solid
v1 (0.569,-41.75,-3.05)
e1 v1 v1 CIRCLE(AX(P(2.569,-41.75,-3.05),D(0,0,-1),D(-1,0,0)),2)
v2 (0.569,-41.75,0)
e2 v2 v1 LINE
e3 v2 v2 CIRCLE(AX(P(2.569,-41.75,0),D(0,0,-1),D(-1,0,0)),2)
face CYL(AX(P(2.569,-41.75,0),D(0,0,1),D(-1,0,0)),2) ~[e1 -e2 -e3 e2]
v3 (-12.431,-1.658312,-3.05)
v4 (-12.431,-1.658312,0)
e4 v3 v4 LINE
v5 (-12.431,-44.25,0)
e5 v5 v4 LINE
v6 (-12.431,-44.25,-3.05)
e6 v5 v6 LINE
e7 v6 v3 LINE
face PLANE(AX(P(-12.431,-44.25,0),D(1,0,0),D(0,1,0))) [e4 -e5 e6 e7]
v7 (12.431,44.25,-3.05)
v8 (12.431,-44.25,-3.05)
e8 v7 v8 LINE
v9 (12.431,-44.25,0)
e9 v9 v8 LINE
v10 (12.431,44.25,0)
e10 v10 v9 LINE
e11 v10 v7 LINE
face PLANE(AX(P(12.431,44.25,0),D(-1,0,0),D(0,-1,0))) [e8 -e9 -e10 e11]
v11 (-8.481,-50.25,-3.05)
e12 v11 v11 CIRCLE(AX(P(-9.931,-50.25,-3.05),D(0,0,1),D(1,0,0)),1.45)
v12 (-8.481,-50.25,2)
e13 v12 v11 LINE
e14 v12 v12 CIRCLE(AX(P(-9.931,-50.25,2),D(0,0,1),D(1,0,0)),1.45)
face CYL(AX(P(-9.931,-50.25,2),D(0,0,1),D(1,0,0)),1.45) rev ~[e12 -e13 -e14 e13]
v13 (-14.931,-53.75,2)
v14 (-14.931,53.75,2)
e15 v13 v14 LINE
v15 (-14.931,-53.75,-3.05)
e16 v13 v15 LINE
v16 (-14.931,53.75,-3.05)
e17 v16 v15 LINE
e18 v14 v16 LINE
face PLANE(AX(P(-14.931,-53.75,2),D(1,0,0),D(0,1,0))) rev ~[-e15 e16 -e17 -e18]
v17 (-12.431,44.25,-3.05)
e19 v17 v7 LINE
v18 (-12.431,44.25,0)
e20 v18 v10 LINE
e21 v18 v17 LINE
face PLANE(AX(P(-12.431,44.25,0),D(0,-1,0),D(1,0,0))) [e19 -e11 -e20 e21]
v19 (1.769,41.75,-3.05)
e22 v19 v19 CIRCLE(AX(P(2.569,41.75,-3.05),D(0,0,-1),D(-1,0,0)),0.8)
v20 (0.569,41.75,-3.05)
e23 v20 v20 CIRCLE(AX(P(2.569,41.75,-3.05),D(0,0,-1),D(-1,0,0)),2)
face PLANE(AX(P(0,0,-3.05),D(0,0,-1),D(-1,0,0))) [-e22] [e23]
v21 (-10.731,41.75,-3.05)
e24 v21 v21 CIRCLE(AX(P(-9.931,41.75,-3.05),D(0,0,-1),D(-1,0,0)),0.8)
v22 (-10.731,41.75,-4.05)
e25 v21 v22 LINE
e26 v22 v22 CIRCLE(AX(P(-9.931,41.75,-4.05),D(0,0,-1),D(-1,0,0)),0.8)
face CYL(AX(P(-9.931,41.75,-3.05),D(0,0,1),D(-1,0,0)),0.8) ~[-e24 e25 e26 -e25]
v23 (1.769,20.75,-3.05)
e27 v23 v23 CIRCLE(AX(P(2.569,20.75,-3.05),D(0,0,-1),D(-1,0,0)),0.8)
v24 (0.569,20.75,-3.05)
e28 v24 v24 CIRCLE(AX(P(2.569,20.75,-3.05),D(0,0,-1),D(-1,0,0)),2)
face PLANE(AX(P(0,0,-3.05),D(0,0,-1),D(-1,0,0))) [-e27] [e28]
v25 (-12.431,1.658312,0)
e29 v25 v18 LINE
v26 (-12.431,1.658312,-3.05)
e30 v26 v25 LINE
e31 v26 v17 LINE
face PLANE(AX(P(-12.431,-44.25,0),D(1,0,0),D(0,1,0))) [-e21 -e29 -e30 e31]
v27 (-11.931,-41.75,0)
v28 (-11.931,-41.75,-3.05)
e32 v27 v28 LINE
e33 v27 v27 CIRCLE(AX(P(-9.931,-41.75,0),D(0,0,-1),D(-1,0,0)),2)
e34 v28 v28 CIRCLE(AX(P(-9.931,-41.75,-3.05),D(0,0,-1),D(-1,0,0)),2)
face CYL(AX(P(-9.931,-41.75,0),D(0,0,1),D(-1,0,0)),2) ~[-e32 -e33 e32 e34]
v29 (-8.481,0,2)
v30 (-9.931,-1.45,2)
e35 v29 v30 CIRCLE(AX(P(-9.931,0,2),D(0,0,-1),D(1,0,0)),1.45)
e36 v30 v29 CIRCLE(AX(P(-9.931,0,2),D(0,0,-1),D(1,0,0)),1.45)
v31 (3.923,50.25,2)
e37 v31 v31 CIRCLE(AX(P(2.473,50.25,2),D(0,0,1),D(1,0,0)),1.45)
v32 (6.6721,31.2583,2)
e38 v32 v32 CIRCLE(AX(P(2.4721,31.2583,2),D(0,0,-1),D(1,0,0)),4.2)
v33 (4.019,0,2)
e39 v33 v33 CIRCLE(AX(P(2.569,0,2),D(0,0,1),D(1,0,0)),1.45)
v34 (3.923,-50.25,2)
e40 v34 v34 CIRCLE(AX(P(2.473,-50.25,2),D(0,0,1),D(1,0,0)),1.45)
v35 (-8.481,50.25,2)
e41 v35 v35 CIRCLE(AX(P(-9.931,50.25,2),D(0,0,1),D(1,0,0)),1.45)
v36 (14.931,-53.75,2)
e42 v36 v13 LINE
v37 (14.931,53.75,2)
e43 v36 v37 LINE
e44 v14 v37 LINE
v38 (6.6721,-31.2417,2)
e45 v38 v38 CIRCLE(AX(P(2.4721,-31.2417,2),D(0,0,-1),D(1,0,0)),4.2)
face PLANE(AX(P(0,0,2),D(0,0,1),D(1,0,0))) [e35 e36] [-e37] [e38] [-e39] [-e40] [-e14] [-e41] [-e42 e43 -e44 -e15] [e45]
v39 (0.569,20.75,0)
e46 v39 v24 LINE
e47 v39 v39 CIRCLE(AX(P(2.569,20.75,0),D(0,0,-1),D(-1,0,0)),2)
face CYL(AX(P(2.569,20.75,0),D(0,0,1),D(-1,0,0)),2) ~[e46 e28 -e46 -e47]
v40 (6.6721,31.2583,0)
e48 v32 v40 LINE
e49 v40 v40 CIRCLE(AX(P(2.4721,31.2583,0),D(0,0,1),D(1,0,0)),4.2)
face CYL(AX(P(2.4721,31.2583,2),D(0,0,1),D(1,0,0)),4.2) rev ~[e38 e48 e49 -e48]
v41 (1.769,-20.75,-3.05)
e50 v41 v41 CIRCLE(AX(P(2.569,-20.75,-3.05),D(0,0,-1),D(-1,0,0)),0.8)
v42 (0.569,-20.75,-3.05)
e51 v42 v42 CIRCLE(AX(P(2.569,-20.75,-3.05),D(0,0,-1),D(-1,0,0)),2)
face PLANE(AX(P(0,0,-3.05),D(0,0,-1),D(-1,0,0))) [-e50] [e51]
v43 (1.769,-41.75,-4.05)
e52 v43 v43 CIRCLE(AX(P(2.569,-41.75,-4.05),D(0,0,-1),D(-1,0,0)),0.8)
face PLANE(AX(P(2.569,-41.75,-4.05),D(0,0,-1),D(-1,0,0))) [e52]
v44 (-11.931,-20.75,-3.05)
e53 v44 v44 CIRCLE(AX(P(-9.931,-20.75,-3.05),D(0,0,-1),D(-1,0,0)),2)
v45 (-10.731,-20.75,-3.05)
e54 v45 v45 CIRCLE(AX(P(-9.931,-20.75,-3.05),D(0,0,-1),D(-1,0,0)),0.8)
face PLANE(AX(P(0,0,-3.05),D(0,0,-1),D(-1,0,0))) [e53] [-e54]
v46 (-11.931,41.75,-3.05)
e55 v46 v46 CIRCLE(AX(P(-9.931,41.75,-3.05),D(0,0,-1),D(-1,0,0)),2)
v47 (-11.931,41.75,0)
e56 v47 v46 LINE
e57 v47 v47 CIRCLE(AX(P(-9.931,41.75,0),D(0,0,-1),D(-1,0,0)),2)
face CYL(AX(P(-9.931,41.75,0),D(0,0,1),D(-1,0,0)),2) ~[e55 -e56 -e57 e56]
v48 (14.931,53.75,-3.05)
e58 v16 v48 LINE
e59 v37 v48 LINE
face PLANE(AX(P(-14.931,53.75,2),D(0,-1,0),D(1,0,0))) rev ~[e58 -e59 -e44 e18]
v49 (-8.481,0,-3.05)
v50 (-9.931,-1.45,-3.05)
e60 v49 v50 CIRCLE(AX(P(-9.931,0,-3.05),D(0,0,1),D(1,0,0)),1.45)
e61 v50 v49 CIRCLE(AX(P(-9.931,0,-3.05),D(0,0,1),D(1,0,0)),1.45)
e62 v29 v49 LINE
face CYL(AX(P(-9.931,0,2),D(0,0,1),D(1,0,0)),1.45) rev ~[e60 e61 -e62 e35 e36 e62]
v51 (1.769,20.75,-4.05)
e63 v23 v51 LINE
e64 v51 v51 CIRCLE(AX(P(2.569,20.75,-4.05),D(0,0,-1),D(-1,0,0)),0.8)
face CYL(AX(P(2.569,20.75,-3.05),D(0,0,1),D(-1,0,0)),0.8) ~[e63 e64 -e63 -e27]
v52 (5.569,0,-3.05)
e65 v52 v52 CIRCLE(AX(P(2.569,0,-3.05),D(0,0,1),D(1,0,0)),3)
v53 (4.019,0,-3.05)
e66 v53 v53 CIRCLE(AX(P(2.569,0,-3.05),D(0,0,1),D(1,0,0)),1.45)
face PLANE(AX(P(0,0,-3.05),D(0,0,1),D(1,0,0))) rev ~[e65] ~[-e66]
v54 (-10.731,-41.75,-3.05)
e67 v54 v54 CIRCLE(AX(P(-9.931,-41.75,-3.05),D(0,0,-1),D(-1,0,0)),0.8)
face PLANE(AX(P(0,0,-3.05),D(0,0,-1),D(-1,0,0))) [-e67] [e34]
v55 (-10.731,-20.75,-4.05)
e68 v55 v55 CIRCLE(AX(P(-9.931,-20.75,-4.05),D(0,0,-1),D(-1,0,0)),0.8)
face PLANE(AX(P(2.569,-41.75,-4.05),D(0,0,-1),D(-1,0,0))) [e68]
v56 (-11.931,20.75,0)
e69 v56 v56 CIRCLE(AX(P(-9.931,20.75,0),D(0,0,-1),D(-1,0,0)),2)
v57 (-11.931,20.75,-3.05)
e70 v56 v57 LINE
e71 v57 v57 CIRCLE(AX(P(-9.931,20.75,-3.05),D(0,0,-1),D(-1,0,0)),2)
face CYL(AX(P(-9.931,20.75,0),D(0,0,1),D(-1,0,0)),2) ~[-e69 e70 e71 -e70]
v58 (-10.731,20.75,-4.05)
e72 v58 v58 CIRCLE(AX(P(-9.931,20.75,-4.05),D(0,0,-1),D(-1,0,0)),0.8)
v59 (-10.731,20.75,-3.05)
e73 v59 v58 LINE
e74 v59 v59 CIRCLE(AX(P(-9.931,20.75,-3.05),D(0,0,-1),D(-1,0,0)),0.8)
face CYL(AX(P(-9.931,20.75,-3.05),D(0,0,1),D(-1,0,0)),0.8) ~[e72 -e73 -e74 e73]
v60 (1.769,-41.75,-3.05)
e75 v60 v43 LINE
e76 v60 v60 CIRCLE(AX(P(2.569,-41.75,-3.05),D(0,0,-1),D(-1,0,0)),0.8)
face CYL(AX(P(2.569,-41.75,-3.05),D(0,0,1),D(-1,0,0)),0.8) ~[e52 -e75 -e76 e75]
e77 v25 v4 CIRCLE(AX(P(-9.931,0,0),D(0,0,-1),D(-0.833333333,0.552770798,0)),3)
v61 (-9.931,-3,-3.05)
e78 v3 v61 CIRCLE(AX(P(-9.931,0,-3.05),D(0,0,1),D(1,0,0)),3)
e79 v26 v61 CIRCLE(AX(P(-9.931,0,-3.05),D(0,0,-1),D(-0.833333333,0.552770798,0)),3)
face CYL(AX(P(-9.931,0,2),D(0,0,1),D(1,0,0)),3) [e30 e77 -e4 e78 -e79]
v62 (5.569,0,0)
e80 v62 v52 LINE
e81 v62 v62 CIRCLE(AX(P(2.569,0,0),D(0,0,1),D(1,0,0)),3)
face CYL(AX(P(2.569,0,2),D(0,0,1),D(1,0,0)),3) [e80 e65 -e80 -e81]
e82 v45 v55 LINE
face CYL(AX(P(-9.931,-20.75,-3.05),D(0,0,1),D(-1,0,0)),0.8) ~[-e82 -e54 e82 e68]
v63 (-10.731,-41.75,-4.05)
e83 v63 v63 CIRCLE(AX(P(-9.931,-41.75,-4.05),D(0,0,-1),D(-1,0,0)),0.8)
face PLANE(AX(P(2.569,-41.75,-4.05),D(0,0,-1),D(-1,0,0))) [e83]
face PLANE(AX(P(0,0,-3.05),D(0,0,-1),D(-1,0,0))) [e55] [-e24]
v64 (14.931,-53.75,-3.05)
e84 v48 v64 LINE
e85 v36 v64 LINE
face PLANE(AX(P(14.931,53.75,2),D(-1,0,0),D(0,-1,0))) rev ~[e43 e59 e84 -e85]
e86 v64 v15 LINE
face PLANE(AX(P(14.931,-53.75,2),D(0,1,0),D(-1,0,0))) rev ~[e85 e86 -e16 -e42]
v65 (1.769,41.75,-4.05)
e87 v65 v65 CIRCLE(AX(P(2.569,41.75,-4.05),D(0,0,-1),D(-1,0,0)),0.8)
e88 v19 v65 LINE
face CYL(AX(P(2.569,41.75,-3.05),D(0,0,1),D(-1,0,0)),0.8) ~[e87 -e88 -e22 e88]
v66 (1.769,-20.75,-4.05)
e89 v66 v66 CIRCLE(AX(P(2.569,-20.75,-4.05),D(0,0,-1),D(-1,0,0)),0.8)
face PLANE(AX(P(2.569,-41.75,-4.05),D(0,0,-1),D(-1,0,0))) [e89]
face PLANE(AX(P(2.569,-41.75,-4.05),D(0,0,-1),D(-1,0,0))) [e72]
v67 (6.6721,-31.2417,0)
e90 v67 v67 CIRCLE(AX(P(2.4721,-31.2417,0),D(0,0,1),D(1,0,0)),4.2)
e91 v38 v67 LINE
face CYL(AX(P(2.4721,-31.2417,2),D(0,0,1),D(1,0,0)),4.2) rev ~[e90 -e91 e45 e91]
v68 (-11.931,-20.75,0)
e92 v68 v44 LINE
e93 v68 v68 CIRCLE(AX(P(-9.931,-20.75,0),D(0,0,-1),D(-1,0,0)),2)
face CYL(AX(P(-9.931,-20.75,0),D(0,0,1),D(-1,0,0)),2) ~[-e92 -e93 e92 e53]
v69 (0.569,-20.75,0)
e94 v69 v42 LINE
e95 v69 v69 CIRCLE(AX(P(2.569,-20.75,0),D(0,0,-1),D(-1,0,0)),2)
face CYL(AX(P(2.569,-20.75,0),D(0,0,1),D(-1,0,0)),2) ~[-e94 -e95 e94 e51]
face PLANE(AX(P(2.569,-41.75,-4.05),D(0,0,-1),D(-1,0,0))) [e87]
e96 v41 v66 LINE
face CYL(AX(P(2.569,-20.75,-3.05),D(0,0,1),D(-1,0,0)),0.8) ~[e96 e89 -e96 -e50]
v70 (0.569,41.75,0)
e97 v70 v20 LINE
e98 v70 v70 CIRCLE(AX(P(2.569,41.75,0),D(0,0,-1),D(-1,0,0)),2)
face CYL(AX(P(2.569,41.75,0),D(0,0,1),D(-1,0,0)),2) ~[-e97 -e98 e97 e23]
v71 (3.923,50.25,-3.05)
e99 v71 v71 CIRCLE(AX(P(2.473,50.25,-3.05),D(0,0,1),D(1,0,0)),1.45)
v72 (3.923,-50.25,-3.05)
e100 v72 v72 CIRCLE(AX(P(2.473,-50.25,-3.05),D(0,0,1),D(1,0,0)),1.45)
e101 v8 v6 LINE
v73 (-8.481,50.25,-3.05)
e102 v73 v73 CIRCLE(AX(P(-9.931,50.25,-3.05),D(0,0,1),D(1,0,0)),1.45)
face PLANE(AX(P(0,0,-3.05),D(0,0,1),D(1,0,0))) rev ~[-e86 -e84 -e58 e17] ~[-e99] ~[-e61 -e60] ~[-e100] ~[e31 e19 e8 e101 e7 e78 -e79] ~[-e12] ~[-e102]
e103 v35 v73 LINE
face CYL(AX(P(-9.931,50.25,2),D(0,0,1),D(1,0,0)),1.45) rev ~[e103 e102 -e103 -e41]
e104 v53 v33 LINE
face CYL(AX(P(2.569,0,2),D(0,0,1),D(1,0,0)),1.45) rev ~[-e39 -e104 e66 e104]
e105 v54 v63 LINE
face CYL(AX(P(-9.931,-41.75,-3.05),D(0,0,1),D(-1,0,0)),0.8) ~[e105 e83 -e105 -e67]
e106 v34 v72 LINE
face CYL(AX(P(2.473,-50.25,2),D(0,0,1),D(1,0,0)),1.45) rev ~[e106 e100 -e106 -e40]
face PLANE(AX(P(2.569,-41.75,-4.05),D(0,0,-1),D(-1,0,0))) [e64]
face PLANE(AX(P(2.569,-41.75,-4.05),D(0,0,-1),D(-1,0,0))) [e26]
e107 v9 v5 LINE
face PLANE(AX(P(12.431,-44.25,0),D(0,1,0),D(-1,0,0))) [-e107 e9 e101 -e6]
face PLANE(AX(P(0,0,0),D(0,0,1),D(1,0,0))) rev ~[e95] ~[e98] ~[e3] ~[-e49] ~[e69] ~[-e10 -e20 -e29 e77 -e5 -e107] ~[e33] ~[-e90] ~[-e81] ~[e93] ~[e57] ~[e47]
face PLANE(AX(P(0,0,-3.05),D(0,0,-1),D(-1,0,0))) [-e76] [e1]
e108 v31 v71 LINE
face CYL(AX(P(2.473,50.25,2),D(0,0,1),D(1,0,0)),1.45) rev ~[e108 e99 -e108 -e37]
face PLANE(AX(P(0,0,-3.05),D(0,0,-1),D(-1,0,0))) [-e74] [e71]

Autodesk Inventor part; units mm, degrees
ref_plane "YZ Plane" through (0, 0, 0) normal (1, 0, 0) x (0, 1, 0)
ref_plane "XZ Plane" through (0, 0, 0) normal (0, 1, 0) x (-1, 0, 0)
ref_plane "Work Plane1" through (0, 0, 0) normal (0, 0, 1) x (1, 0, 0)
sketch "Sketch1" plane through (0, 0, 0) normal (0, 0, 1) x (1, 0, 0)
  line L0 (-12.431, 44.25) -> (12.431, 44.25) projected
  line L1 (12.431, 44.25) -> (12.431, -44.25) projected
  line L2 (12.431, -44.25) -> (-12.431, -44.25) projected
  line L3 (-12.431, -44.25) -> (-12.431, 44.25) projected
  line L4 (-14.931, 46.75) -> (-14.931, -46.75) projected
  line L5 (-14.931, -46.75) -> (14.931, -46.75) projected
  line L6 (14.931, -46.75) -> (14.931, 46.75) projected
  line L7 (14.931, 46.75) -> (-14.931, 46.75) projected
  circle A0 centre (-9.931, -20.75) radius 1.1 projected
  circle A1 centre (-9.931, -41.75) radius 1.1 projected
  circle A2 centre (2.569, -41.75) radius 1.1 projected
  circle A3 centre (2.569, -20.75) radius 1.1 projected
  circle A4 centre (-9.931, 20.75) radius 1.1 projected
  circle A5 centre (2.569, 20.75) radius 1.1 projected
  circle A6 centre (-9.931, 41.75) radius 1.1 projected
  circle A7 centre (2.569, 41.75) radius 1.1 projected
  line L8 (6.4721, 35.2583) -> (-1.5279, 35.2583) projected
  line L9 (-1.5279, 35.2583) -> (-1.5279, 27.2583) projected
  line L10 (-1.5279, 27.2583) -> (6.4721, 27.2583) projected
  line L11 (6.4721, 27.2583) -> (6.4721, 35.2583) projected
  circle A8 centre (2.4721, 31.2583) radius 3.8 projected
  line L12 (6.4721, -27.2417) -> (-1.5279, -27.2417) projected
  line L13 (-1.5279, -27.2417) -> (-1.5279, -35.2417) projected
  line L14 (-1.5279, -35.2417) -> (6.4721, -35.2417) projected
  line L15 (6.4721, -35.2417) -> (6.4721, -27.2417) projected
  circle A9 centre (2.4721, -31.2417) radius 3.8 projected
  point P0 (0, 0)
extrude "Extrusion1" add sketch "Sketch1" along normal blind 2 contours L0 L1 L2 L3 | L7 L6 L5 L4
sketch "Sketch2" plane through (0, 0, 2) normal (0, 0, 1) x (1, 0, 0)
  line L0 (-1.5279, 27.2583) -> (6.4721, 27.2583) projected
  line L1 (-1.5279, 35.2583) -> (-1.5279, 27.2583) projected
  line L2 (6.4721, 35.2583) -> (-1.5279, 35.2583) projected
  line L3 (6.4721, 27.2583) -> (6.4721, 35.2583) projected
  line L4 (-1.5279, -27.2417) -> (-1.5279, -35.2417) projected
  line L5 (-1.5279, -35.2417) -> (6.4721, -35.2417) projected
  line L6 (6.4721, -27.2417) -> (-1.5279, -27.2417) projected
  line L7 (6.4721, -35.2417) -> (6.4721, -27.2417) projected
  line L8 (6.4721, -35.2417) -> (-1.5279, -35.2417) projected
  line L9 (-1.5279, -35.2417) -> (-1.5279, -35.4417)
  line L10 (-1.5279, -35.4417) -> (6.4721, -35.4417)
  line L11 (6.4721, -35.4417) -> (6.6721, -35.4417)
  line L12 (6.6721, -35.4417) -> (6.6721, -27.2417)
  line L13 (6.6721, -27.2417) -> (6.6721, -27.0417)
  line L14 (6.6721, -27.0417) -> (-1.5279, -27.0417)
  line L15 (-1.5279, -27.0417) -> (-1.7279, -27.0417)
  line L16 (-1.7279, -27.0417) -> (-1.7279, -35.4417)
  line L17 (-1.7279, -35.4417) -> (-1.5279, -35.4417)
  line L18 (6.4721, 35.2583) -> (6.4721, 27.2583) projected
  line L19 (6.4721, 27.2583) -> (6.6721, 27.2583)
  line L20 (6.6721, 27.2583) -> (6.6721, 35.2583)
  line L21 (6.6721, 35.2583) -> (6.6721, 35.4583)
  line L22 (6.6721, 35.4583) -> (-1.5279, 35.4583)
  line L23 (-1.5279, 35.4583) -> (-1.7279, 35.4583)
  line L24 (-1.7279, 35.4583) -> (-1.7279, 27.2583)
  line L25 (-1.7279, 27.2583) -> (-1.7279, 27.0583)
  line L26 (-1.7279, 27.0583) -> (6.6721, 27.0583)
  line L27 (6.6721, 27.0583) -> (6.6721, 27.2583)
  point P0 (0, 0)
  dimension "d2" = 0.2
  dimension "d3" = 0.2
  dimension "d4" = 0.2
  dimension "d5" = 0.2
  dimension "d6" = 0.2
  dimension "d7" = 0.2
  dimension "d8" = 0.2
  dimension "d9" = 0.2
extrude "Extrusion2" cut sketch "Sketch2" against normal through all
sketch "Sketch3" plane through (0, 0, 0) normal (0, 0, -1) x (-1, 0, 0)
  line L0 (12.431, 44.25) -> (-12.431, 44.25) projected
  line L1 (-12.431, 44.25) -> (-12.431, -44.25) projected
  line L2 (-12.431, -44.25) -> (12.431, -44.25) projected
  line L3 (12.431, -44.25) -> (12.431, 44.25) projected
  line L4 (14.931, 46.75) -> (14.931, -46.75) projected
  line L5 (14.931, -46.75) -> (-14.931, -46.75) projected
  line L6 (-14.931, -46.75) -> (-14.931, 46.75) projected
  line L7 (-14.931, 46.75) -> (14.931, 46.75) projected
  point P0 (0, 0)
extrude "Extrusion3" add sketch "Sketch3" along normal blind 3.05
sketch "Sketch4" plane through (0, 0, 2) normal (0, 0, 1) x (1, 0, 0)
  line L0 (6.6721, -35.4417) -> (-1.7279, -35.4417) projected
  line L1 (-1.7279, -35.4417) -> (-1.7279, -27.0417) projected
  line L2 (-1.7279, -27.0417) -> (6.6721, -27.0417) projected
  line L3 (6.6721, -27.0417) -> (6.6721, -35.4417) projected
  line L4 (-1.7279, 27.0583) -> (-1.7279, 35.4583) projected
  line L5 (6.6721, 27.0583) -> (-1.7279, 27.0583) projected
  line L6 (6.719, 35.5) -> (-1.781, 35.5) projected
  line L7 (6.6721, 35.4583) -> (6.6721, 27.0583) projected
  line L8 (6.6721, 27.0583) -> (6.6721, 35.4583) projected
  line L9 (6.6721, 31.2583) -> (2.4721, 31.2583)
  line L10 (-1.7279, 27.0583) -> (6.6721, 27.0583) projected
  line L11 (2.4721, 31.2583) -> (2.4721, 35.4583)
  line L12 (6.6721, 35.4583) -> (-1.7279, 35.4583) projected
  line L13 (6.6721, -31.2417) -> (2.4721, -31.2417)
  line L14 (2.4721, -31.2417) -> (2.4721, -27.0417)
  circle A0 centre (2.4721, 31.2583) radius 4.2
  circle A1 centre (2.4721, -31.2417) radius 4.2
  point P0 (0, 0)
  point P1 (2.4721, -35.4417)
  point P2 (-1.7279, -31.2417)
  point P3 (-1.7279, 31.2583)
  point P4 (2.4721, 27.0583)
extrude "Extrusion4" add sketch "Sketch4" against normal up to surface (2 mm away) contours L0 A1 L3 | L0 L1 A1 | A1 L2 L3 | L1 L2 A1 | L4 A0 L5 | L4 L12 A0 | A0 L7 L5 | L12 L7 A0
sketch "Sketch5" plane through (0, 0, 0) normal (0, 0, -1) x (-1, 0, 0)
  circle A0 centre (9.931, -20.75) radius 2 projected
  circle A1 centre (9.931, -41.75) radius 2 projected
  circle A2 centre (-2.569, -41.75) radius 2 projected
  circle A3 centre (-2.569, -20.75) radius 2 projected
  circle A4 centre (9.931, 20.75) radius 2 projected
  circle A5 centre (-2.569, 20.75) radius 2 projected
  circle A6 centre (9.931, 41.75) radius 2 projected
  circle A7 centre (-2.569, 41.75) radius 2 projected
  circle A8 centre (-2.569, 20.75) radius 1.1 projected
  circle A9 centre (9.931, 20.75) radius 1.1 projected
  circle A10 centre (9.931, 41.75) radius 1.1 projected
  circle A11 centre (-2.569, 41.75) radius 1.1 projected
  circle A12 centre (9.931, -20.75) radius 1.1 projected
  circle A13 centre (-2.569, -20.75) radius 1.1 projected
  circle A14 centre (-2.569, -41.75) radius 1.1 projected
  circle A15 centre (9.931, -41.75) radius 1.1 projected
  point P0 (0, 0)
extrude "Extrusion5" add sketch "Sketch5" along normal blind 3.05
sketch "Sketch6" plane through (0, 0, 2) normal (0, 0, 1) x (1, 0, 0)
  circle A0 centre (-9.931, -20.75) radius 1.1 projected
  line L0 (-9.931, -20.75) -> (-9.931, 0)
  circle A1 centre (-9.931, 0) radius 1.45
  circle A2 centre (2.569, 0) radius 1.45
  circle A3 centre (-9.931, 0) radius 3
  circle A4 centre (2.569, 0) radius 3
  point P0 (0, 0)
  dimension "d18" = 20.75
  dimension "d19" = 2.9
  dimension "d20" = 2.9
  dimension "d21" = 6
  dimension "d22" = 6
extrude "Extrusion6" cut sketch "Sketch6" against normal through all contours A1 | A2
extrude "Extrusion7" add sketch "Sketch6" against normal up to surface (5.05 mm away) contours A3 | A4
sketch "Sketch7" plane through (0, 0, 2) normal (0, 0, 1) x (1, 0, 0)
  circle A0 centre (2.569, 20.75) radius 1.1 projected
  circle A1 centre (-9.931, 20.75) radius 1.1 projected
  circle A2 centre (2.569, 41.75) radius 1.1 projected
  circle A3 centre (-9.931, 41.75) radius 1.1 projected
  circle A4 centre (2.569, -20.75) radius 1.1 projected
  circle A5 centre (2.569, -41.75) radius 1.1 projected
  circle A6 centre (-9.931, -41.75) radius 1.1 projected
  circle A7 centre (-9.931, -20.75) radius 1.1 projected
  point P0 (0, 0)
extrude "Extrusion8" add sketch "Sketch7" against normal up to surface (5.05 mm away)
sketch "Sketch8" plane through (2.569, -41.75, -3.05) normal (0, 0, -1) x (-1, 0, 0)
  circle A0 centre (0, 0) radius 2 projected
  circle A1 centre (0, 0) radius 0.8
  circle A2 centre (12.5, 0) radius 2 projected
  circle A3 centre (12.5, 0) radius 0.8
  circle A4 centre (12.5, 21) radius 2 projected
  circle A5 centre (12.5, 21) radius 0.8
  circle A6 centre (0, 21) radius 2 projected
  circle A7 centre (0, 21) radius 0.8
  circle A8 centre (0, 62.5) radius 2 projected
  circle A9 centre (0, 62.5) radius 0.8
  circle A10 centre (12.5, 62.5) radius 2 projected
  circle A11 centre (12.5, 62.5) radius 0.8
  circle A12 centre (12.5, 83.5) radius 2 projected
  circle A13 centre (12.5, 83.5) radius 0.8
  circle A14 centre (0, 83.5) radius 2 projected
  circle A15 centre (0, 83.5) radius 0.8
  point P0 (2.569, 41.75)
  dimension "d29" = 1.6
  dimension "d30" = 1.6
  dimension "d31" = 1.6
  dimension "d32" = 1.6
  dimension "d33" = 1.6
  dimension "d34" = 1.6
  dimension "d35" = 1.6
  dimension "d36" = 1.6
extrude "Extrusion9" add sketch "Sketch8" along normal blind 1 contours A1 | A3 | A5 | A7 | A9 | A11 | A13 | A15
sketch "Sketch9" plane through (0, 0, 2) normal (0, 0, 1) x (1, 0, 0)
  circle A0 centre (-9.931, -50.25) radius 1.45 projected
  circle A1 centre (2.473, -50.25) radius 1.45 projected
  circle A2 centre (-9.931, 50.25) radius 1.45 projected
  circle A3 centre (2.473, 50.25) radius 1.45 projected
  line L0 (-12.431, 44.25) -> (12.431, 44.25) projected
  line L1 (12.431, 44.25) -> (12.431, -44.25) projected
  line L2 (12.431, -44.25) -> (-12.431, -44.25) projected
  line L3 (-12.431, -44.25) -> (-12.431, 44.25) projected
  line L4 (-14.931, -53.75) -> (-14.931, 53.75) projected
  line L5 (14.931, -53.75) -> (-14.931, -53.75) projected
  line L6 (14.931, 53.75) -> (14.931, -53.75) projected
  line L7 (-14.931, 53.75) -> (14.931, 53.75) projected
  point P0 (0, 0)
extrude "Extrusion10" add sketch "Sketch9" against normal up to surface (5.05 mm away)
properties part number "pi_cam_stereo_case_cover"
